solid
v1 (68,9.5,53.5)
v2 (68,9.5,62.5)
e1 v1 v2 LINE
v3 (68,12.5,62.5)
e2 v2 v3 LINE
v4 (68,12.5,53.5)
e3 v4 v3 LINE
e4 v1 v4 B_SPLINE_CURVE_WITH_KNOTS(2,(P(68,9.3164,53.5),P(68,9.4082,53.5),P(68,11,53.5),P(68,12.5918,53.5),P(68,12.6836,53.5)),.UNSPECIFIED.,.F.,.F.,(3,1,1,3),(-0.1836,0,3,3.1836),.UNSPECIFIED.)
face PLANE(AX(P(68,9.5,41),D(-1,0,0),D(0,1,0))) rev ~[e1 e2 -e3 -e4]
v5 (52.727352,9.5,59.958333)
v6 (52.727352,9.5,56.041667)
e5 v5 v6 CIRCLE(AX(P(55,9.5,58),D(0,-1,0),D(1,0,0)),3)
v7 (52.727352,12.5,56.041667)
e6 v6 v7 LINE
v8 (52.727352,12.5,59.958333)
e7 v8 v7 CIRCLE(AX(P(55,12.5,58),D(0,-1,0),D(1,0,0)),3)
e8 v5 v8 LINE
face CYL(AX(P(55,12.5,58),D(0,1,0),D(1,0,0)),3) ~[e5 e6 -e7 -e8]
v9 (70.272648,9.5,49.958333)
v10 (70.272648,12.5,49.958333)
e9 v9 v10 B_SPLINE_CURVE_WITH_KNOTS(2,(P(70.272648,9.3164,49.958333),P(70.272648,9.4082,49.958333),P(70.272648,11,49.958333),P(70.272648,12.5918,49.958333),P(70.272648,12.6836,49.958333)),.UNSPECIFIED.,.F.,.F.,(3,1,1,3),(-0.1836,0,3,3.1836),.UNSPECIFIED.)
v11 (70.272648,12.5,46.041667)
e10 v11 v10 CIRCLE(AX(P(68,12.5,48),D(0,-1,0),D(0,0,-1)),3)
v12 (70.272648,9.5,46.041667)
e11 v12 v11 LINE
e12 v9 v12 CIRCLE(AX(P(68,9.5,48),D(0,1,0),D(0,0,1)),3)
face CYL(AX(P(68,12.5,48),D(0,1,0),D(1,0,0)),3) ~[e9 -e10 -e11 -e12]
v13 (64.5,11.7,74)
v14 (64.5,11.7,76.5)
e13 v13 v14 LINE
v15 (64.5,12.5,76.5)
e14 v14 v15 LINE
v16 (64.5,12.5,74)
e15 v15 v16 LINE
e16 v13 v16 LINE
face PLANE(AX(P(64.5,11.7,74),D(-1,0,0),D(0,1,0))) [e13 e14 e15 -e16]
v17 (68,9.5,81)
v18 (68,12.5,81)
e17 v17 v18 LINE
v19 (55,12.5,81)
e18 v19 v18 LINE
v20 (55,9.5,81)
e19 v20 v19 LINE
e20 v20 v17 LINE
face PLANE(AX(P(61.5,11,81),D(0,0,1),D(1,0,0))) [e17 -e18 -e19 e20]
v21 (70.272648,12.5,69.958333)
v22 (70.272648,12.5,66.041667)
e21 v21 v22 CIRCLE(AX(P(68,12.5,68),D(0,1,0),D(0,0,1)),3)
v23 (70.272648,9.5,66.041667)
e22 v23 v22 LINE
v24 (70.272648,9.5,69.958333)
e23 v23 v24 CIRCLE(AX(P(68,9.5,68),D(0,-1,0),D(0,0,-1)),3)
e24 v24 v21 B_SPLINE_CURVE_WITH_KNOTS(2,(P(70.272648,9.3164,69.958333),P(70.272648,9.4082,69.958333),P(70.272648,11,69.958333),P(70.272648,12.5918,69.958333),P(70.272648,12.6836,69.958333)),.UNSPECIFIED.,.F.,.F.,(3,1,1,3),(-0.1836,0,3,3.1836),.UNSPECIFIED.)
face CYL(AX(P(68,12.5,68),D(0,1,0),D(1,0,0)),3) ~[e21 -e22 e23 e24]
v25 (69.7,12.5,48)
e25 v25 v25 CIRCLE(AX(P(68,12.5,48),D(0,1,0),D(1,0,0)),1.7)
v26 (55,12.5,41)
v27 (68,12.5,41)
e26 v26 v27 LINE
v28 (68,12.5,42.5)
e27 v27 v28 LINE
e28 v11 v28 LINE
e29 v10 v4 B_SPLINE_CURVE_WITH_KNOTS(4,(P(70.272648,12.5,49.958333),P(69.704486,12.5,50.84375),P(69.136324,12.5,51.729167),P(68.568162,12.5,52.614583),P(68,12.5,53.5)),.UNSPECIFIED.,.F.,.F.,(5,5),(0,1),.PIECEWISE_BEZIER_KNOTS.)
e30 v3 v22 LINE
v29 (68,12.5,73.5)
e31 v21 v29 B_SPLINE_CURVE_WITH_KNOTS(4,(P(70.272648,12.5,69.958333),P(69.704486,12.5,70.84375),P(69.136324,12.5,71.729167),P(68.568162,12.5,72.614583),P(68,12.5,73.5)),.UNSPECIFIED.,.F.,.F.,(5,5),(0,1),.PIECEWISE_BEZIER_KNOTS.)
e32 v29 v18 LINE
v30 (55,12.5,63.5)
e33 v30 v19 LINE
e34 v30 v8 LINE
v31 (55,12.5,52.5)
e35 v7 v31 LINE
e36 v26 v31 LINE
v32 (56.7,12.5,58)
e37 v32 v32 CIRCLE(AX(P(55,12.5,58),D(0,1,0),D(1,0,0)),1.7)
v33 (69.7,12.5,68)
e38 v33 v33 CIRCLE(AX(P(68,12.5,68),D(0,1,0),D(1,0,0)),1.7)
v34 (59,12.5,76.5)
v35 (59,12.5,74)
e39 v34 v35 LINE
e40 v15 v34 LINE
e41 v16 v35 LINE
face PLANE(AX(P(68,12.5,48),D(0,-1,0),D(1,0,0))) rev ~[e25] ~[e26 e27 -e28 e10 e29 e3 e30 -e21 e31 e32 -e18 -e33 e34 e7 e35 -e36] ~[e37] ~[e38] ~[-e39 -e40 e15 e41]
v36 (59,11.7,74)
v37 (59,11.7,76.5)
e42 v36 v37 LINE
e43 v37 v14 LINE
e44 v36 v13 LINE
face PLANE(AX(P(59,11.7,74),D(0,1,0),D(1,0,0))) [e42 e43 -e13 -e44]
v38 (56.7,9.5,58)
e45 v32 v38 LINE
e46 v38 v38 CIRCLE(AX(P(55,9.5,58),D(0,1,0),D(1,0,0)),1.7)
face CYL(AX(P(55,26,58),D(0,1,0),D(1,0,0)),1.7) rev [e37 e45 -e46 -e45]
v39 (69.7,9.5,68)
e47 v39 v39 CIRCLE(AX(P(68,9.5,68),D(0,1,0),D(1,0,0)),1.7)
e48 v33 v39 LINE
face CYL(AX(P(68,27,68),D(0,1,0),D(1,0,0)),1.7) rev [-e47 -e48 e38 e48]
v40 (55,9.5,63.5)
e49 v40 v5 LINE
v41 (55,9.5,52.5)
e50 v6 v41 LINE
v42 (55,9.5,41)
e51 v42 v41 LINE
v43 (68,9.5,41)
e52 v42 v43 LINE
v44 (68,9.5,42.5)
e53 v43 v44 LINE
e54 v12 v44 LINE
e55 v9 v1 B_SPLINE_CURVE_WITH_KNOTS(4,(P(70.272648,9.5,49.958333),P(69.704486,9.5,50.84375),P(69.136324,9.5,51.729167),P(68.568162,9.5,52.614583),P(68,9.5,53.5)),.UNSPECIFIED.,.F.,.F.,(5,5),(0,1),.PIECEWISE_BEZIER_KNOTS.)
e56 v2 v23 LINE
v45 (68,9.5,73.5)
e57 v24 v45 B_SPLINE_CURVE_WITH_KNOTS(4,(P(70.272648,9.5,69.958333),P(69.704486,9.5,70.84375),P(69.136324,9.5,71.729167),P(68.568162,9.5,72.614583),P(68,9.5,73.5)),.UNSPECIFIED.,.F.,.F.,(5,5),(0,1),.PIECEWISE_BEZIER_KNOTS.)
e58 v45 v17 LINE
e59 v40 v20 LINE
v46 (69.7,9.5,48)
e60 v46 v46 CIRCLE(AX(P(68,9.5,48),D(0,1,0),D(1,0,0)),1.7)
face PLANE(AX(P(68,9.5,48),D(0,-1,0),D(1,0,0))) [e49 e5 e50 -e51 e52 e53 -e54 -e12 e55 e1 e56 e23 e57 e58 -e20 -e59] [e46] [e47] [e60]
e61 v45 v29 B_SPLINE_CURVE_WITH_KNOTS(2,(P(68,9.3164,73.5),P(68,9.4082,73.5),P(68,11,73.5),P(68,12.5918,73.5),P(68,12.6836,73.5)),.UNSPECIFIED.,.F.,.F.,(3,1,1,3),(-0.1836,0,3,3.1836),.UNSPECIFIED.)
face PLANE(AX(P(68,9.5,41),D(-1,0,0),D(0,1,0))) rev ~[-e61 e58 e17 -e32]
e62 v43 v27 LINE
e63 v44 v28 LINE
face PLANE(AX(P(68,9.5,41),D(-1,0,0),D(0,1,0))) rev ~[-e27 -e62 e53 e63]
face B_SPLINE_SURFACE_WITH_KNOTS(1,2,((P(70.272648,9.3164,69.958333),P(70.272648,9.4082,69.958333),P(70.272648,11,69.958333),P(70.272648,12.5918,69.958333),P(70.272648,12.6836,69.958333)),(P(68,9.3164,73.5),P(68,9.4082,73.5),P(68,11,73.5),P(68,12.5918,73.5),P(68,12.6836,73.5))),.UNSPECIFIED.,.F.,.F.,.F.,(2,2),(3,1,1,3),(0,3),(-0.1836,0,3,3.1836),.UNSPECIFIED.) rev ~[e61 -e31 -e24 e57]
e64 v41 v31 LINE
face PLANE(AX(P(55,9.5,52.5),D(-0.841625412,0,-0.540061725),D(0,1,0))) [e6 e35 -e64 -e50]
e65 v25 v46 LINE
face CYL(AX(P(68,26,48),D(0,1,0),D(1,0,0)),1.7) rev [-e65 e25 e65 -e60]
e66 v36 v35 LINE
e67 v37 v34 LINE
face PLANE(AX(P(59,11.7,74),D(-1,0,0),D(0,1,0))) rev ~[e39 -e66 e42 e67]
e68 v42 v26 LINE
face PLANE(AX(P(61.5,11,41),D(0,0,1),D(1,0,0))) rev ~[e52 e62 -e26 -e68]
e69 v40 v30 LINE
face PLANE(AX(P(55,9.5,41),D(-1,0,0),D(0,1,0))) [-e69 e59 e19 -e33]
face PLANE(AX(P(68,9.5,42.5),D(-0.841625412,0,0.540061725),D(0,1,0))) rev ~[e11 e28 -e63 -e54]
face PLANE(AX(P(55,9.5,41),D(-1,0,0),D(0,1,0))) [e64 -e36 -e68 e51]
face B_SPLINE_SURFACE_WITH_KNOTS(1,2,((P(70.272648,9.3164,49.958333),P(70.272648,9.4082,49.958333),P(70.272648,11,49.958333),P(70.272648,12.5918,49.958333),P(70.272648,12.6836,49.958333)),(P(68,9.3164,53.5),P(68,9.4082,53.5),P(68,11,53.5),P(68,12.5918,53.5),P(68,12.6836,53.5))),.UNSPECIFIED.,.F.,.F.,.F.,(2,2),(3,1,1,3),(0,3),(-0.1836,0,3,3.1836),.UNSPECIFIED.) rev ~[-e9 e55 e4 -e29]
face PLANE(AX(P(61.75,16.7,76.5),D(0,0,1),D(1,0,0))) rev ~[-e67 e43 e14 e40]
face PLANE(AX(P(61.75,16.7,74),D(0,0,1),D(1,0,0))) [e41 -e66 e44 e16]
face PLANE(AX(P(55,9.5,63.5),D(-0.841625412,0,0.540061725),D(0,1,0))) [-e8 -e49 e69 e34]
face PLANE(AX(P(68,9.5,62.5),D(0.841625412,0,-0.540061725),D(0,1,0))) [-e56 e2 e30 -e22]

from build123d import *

# Parameters (mm, degrees)
BOX031_W               = 5.5
BOX031_H               = 10
BOX031_DEPTH           = 2.5
CYLINDER059_R          = 1.7
CYLINDER059_DEPTH      = 30
CYLINDER059_ROLL_ANGLE = 90
CYLINDER060_R          = 1.7
CYLINDER060_DEPTH      = 30
CYLINDER060_ROLL_ANGLE = 90
CYLINDER058_R          = 1.7
CYLINDER058_DEPTH      = 30
CYLINDER058_ROLL_ANGLE = 90
CYLINDER056_R          = 3
CYLINDER056_DEPTH      = 3
CYLINDER056_ROLL_ANGLE = 90
CYLINDER057_R          = 3
CYLINDER057_DEPTH      = 3
CYLINDER057_ROLL_ANGLE = 90
CYLINDER055_R          = 3
CYLINDER055_DEPTH      = 3
CYLINDER055_ROLL_ANGLE = 90
BOX029_W               = 13
BOX029_H               = 3
BOX029_DEPTH           = 40
CHAMFER007_SIZE        = 2.5


with BuildPart() as m3_nut_hole001:
    # Box031 → Box031 (new body)
    with BuildSketch(Plane(origin=(59, 11.7, 74), x_dir=(1, 0, 0), z_dir=(0, 0, 1))):
        with Locations((2.75, 5)):
            Rectangle(BOX031_W, BOX031_H)
    extrude(amount=BOX031_DEPTH)


with BuildPart() as cylinder098:
    # Cylinder059 → Cylinder059 (new body)
    with BuildSketch(Plane.XY):
        Circle(CYLINDER059_R)
    extrude(amount=CYLINDER059_DEPTH)


with BuildPart() as cylinder098_1:
    # Cylinder059 roll: moved
    add(cylinder098.part.rotate(Axis((0, 0, 0), (1, 0, 0)), CYLINDER059_ROLL_ANGLE))


with BuildPart() as cylinder098_2:
    # Cylinder059 placement: moved
    add(cylinder098_1.part.moved(Location((68, 26, 48))))


with BuildPart() as cylinder059:
    # Cylinder060 → Cylinder060 (new body)
    with BuildSketch(Plane.XY):
        Circle(CYLINDER060_R)
    extrude(amount=CYLINDER060_DEPTH)


with BuildPart() as cylinder059_1:
    # Cylinder060 roll: moved
    add(cylinder059.part.rotate(Axis((0, 0, 0), (1, 0, 0)), CYLINDER060_ROLL_ANGLE))


with BuildPart() as cylinder059_2:
    # Cylinder060 placement: moved
    add(cylinder059_1.part.moved(Location((68, 27, 68))))


with BuildPart() as fusion032:
    # Cylinder058 → Cylinder058 (new body)
    with BuildSketch(Plane.XY):
        Circle(CYLINDER058_R)
    extrude(amount=CYLINDER058_DEPTH)


with BuildPart() as fusion032_1:
    # Cylinder058 roll: moved
    add(fusion032.part.rotate(Axis((0, 0, 0), (1, 0, 0)), CYLINDER058_ROLL_ANGLE))


with BuildPart() as fusion032_2:
    # Cylinder058 placement: moved
    add(fusion032_1.part.moved(Location((55, 26, 58))))

    # Fusion032: union Cylinder098, Cylinder059
    add(cylinder098_2.part)
    add(cylinder059_2.part)


with BuildPart() as cylinder095:
    # Cylinder056 → Cylinder056 (new body)
    with BuildSketch(Plane.XY):
        Circle(CYLINDER056_R)
    extrude(amount=CYLINDER056_DEPTH)


with BuildPart() as cylinder095_1:
    # Cylinder056 roll: moved
    add(cylinder095.part.rotate(Axis((0, 0, 0), (1, 0, 0)), CYLINDER056_ROLL_ANGLE))


with BuildPart() as cylinder095_2:
    # Cylinder056 placement: moved
    add(cylinder095_1.part.moved(Location((68, 12.5, 68))))


with BuildPart() as cylinder096:
    # Cylinder057 → Cylinder057 (new body)
    with BuildSketch(Plane.XY):
        Circle(CYLINDER057_R)
    extrude(amount=CYLINDER057_DEPTH)


with BuildPart() as cylinder096_1:
    # Cylinder057 roll: moved
    add(cylinder096.part.rotate(Axis((0, 0, 0), (1, 0, 0)), CYLINDER057_ROLL_ANGLE))


with BuildPart() as cylinder096_2:
    # Cylinder057 placement: moved
    add(cylinder096_1.part.moved(Location((68, 12.5, 48))))


with BuildPart() as trolley_hubs_b:
    # Cylinder055 → Cylinder055 (new body)
    with BuildSketch(Plane.XY):
        Circle(CYLINDER055_R)
    extrude(amount=CYLINDER055_DEPTH)


with BuildPart() as trolley_hubs_b_1:
    # Cylinder055 roll: moved
    add(trolley_hubs_b.part.rotate(Axis((0, 0, 0), (1, 0, 0)), CYLINDER055_ROLL_ANGLE))


with BuildPart() as trolley_hubs_b_2:
    # Cylinder055 placement: moved
    add(trolley_hubs_b_1.part.moved(Location((55, 12.5, 58))))

    # Fusion050: union Cylinder095, Cylinder096
    add(cylinder095_2.part)
    add(cylinder096_2.part)


with BuildPart() as trolley_plate:
    # Box029 → Box029 (new body)
    with BuildSketch(Plane(origin=(55, 9.5, 41), x_dir=(1, 0, 0), z_dir=(0, 0, 1))):
        with Locations((6.5, 1.5)):
            Rectangle(BOX029_W, BOX029_H)
    extrude(amount=BOX029_DEPTH)

    # Fusion051: union trolley-hubs-b
    add(trolley_hubs_b_2.part)

    # Chamfer007
    chamfer007_edges = [trolley_plate.edges().sort_by_distance(p)[0] for p in [
        (55, 11, 55),
        (68, 11, 45),
        (55, 11, 61),
        (68, 11, 65),
        (68, 11, 51),
        (68, 11, 71),
    ]]
    chamfer(chamfer007_edges, length=CHAMFER007_SIZE)

    # Cut039: cut Fusion032
    add(fusion032_2.part, mode=Mode.SUBTRACT)

    # Cut040: cut M3-nut-hole001
    add(m3_nut_hole001.part, mode=Mode.SUBTRACT)


solid = trolley_plate.part
